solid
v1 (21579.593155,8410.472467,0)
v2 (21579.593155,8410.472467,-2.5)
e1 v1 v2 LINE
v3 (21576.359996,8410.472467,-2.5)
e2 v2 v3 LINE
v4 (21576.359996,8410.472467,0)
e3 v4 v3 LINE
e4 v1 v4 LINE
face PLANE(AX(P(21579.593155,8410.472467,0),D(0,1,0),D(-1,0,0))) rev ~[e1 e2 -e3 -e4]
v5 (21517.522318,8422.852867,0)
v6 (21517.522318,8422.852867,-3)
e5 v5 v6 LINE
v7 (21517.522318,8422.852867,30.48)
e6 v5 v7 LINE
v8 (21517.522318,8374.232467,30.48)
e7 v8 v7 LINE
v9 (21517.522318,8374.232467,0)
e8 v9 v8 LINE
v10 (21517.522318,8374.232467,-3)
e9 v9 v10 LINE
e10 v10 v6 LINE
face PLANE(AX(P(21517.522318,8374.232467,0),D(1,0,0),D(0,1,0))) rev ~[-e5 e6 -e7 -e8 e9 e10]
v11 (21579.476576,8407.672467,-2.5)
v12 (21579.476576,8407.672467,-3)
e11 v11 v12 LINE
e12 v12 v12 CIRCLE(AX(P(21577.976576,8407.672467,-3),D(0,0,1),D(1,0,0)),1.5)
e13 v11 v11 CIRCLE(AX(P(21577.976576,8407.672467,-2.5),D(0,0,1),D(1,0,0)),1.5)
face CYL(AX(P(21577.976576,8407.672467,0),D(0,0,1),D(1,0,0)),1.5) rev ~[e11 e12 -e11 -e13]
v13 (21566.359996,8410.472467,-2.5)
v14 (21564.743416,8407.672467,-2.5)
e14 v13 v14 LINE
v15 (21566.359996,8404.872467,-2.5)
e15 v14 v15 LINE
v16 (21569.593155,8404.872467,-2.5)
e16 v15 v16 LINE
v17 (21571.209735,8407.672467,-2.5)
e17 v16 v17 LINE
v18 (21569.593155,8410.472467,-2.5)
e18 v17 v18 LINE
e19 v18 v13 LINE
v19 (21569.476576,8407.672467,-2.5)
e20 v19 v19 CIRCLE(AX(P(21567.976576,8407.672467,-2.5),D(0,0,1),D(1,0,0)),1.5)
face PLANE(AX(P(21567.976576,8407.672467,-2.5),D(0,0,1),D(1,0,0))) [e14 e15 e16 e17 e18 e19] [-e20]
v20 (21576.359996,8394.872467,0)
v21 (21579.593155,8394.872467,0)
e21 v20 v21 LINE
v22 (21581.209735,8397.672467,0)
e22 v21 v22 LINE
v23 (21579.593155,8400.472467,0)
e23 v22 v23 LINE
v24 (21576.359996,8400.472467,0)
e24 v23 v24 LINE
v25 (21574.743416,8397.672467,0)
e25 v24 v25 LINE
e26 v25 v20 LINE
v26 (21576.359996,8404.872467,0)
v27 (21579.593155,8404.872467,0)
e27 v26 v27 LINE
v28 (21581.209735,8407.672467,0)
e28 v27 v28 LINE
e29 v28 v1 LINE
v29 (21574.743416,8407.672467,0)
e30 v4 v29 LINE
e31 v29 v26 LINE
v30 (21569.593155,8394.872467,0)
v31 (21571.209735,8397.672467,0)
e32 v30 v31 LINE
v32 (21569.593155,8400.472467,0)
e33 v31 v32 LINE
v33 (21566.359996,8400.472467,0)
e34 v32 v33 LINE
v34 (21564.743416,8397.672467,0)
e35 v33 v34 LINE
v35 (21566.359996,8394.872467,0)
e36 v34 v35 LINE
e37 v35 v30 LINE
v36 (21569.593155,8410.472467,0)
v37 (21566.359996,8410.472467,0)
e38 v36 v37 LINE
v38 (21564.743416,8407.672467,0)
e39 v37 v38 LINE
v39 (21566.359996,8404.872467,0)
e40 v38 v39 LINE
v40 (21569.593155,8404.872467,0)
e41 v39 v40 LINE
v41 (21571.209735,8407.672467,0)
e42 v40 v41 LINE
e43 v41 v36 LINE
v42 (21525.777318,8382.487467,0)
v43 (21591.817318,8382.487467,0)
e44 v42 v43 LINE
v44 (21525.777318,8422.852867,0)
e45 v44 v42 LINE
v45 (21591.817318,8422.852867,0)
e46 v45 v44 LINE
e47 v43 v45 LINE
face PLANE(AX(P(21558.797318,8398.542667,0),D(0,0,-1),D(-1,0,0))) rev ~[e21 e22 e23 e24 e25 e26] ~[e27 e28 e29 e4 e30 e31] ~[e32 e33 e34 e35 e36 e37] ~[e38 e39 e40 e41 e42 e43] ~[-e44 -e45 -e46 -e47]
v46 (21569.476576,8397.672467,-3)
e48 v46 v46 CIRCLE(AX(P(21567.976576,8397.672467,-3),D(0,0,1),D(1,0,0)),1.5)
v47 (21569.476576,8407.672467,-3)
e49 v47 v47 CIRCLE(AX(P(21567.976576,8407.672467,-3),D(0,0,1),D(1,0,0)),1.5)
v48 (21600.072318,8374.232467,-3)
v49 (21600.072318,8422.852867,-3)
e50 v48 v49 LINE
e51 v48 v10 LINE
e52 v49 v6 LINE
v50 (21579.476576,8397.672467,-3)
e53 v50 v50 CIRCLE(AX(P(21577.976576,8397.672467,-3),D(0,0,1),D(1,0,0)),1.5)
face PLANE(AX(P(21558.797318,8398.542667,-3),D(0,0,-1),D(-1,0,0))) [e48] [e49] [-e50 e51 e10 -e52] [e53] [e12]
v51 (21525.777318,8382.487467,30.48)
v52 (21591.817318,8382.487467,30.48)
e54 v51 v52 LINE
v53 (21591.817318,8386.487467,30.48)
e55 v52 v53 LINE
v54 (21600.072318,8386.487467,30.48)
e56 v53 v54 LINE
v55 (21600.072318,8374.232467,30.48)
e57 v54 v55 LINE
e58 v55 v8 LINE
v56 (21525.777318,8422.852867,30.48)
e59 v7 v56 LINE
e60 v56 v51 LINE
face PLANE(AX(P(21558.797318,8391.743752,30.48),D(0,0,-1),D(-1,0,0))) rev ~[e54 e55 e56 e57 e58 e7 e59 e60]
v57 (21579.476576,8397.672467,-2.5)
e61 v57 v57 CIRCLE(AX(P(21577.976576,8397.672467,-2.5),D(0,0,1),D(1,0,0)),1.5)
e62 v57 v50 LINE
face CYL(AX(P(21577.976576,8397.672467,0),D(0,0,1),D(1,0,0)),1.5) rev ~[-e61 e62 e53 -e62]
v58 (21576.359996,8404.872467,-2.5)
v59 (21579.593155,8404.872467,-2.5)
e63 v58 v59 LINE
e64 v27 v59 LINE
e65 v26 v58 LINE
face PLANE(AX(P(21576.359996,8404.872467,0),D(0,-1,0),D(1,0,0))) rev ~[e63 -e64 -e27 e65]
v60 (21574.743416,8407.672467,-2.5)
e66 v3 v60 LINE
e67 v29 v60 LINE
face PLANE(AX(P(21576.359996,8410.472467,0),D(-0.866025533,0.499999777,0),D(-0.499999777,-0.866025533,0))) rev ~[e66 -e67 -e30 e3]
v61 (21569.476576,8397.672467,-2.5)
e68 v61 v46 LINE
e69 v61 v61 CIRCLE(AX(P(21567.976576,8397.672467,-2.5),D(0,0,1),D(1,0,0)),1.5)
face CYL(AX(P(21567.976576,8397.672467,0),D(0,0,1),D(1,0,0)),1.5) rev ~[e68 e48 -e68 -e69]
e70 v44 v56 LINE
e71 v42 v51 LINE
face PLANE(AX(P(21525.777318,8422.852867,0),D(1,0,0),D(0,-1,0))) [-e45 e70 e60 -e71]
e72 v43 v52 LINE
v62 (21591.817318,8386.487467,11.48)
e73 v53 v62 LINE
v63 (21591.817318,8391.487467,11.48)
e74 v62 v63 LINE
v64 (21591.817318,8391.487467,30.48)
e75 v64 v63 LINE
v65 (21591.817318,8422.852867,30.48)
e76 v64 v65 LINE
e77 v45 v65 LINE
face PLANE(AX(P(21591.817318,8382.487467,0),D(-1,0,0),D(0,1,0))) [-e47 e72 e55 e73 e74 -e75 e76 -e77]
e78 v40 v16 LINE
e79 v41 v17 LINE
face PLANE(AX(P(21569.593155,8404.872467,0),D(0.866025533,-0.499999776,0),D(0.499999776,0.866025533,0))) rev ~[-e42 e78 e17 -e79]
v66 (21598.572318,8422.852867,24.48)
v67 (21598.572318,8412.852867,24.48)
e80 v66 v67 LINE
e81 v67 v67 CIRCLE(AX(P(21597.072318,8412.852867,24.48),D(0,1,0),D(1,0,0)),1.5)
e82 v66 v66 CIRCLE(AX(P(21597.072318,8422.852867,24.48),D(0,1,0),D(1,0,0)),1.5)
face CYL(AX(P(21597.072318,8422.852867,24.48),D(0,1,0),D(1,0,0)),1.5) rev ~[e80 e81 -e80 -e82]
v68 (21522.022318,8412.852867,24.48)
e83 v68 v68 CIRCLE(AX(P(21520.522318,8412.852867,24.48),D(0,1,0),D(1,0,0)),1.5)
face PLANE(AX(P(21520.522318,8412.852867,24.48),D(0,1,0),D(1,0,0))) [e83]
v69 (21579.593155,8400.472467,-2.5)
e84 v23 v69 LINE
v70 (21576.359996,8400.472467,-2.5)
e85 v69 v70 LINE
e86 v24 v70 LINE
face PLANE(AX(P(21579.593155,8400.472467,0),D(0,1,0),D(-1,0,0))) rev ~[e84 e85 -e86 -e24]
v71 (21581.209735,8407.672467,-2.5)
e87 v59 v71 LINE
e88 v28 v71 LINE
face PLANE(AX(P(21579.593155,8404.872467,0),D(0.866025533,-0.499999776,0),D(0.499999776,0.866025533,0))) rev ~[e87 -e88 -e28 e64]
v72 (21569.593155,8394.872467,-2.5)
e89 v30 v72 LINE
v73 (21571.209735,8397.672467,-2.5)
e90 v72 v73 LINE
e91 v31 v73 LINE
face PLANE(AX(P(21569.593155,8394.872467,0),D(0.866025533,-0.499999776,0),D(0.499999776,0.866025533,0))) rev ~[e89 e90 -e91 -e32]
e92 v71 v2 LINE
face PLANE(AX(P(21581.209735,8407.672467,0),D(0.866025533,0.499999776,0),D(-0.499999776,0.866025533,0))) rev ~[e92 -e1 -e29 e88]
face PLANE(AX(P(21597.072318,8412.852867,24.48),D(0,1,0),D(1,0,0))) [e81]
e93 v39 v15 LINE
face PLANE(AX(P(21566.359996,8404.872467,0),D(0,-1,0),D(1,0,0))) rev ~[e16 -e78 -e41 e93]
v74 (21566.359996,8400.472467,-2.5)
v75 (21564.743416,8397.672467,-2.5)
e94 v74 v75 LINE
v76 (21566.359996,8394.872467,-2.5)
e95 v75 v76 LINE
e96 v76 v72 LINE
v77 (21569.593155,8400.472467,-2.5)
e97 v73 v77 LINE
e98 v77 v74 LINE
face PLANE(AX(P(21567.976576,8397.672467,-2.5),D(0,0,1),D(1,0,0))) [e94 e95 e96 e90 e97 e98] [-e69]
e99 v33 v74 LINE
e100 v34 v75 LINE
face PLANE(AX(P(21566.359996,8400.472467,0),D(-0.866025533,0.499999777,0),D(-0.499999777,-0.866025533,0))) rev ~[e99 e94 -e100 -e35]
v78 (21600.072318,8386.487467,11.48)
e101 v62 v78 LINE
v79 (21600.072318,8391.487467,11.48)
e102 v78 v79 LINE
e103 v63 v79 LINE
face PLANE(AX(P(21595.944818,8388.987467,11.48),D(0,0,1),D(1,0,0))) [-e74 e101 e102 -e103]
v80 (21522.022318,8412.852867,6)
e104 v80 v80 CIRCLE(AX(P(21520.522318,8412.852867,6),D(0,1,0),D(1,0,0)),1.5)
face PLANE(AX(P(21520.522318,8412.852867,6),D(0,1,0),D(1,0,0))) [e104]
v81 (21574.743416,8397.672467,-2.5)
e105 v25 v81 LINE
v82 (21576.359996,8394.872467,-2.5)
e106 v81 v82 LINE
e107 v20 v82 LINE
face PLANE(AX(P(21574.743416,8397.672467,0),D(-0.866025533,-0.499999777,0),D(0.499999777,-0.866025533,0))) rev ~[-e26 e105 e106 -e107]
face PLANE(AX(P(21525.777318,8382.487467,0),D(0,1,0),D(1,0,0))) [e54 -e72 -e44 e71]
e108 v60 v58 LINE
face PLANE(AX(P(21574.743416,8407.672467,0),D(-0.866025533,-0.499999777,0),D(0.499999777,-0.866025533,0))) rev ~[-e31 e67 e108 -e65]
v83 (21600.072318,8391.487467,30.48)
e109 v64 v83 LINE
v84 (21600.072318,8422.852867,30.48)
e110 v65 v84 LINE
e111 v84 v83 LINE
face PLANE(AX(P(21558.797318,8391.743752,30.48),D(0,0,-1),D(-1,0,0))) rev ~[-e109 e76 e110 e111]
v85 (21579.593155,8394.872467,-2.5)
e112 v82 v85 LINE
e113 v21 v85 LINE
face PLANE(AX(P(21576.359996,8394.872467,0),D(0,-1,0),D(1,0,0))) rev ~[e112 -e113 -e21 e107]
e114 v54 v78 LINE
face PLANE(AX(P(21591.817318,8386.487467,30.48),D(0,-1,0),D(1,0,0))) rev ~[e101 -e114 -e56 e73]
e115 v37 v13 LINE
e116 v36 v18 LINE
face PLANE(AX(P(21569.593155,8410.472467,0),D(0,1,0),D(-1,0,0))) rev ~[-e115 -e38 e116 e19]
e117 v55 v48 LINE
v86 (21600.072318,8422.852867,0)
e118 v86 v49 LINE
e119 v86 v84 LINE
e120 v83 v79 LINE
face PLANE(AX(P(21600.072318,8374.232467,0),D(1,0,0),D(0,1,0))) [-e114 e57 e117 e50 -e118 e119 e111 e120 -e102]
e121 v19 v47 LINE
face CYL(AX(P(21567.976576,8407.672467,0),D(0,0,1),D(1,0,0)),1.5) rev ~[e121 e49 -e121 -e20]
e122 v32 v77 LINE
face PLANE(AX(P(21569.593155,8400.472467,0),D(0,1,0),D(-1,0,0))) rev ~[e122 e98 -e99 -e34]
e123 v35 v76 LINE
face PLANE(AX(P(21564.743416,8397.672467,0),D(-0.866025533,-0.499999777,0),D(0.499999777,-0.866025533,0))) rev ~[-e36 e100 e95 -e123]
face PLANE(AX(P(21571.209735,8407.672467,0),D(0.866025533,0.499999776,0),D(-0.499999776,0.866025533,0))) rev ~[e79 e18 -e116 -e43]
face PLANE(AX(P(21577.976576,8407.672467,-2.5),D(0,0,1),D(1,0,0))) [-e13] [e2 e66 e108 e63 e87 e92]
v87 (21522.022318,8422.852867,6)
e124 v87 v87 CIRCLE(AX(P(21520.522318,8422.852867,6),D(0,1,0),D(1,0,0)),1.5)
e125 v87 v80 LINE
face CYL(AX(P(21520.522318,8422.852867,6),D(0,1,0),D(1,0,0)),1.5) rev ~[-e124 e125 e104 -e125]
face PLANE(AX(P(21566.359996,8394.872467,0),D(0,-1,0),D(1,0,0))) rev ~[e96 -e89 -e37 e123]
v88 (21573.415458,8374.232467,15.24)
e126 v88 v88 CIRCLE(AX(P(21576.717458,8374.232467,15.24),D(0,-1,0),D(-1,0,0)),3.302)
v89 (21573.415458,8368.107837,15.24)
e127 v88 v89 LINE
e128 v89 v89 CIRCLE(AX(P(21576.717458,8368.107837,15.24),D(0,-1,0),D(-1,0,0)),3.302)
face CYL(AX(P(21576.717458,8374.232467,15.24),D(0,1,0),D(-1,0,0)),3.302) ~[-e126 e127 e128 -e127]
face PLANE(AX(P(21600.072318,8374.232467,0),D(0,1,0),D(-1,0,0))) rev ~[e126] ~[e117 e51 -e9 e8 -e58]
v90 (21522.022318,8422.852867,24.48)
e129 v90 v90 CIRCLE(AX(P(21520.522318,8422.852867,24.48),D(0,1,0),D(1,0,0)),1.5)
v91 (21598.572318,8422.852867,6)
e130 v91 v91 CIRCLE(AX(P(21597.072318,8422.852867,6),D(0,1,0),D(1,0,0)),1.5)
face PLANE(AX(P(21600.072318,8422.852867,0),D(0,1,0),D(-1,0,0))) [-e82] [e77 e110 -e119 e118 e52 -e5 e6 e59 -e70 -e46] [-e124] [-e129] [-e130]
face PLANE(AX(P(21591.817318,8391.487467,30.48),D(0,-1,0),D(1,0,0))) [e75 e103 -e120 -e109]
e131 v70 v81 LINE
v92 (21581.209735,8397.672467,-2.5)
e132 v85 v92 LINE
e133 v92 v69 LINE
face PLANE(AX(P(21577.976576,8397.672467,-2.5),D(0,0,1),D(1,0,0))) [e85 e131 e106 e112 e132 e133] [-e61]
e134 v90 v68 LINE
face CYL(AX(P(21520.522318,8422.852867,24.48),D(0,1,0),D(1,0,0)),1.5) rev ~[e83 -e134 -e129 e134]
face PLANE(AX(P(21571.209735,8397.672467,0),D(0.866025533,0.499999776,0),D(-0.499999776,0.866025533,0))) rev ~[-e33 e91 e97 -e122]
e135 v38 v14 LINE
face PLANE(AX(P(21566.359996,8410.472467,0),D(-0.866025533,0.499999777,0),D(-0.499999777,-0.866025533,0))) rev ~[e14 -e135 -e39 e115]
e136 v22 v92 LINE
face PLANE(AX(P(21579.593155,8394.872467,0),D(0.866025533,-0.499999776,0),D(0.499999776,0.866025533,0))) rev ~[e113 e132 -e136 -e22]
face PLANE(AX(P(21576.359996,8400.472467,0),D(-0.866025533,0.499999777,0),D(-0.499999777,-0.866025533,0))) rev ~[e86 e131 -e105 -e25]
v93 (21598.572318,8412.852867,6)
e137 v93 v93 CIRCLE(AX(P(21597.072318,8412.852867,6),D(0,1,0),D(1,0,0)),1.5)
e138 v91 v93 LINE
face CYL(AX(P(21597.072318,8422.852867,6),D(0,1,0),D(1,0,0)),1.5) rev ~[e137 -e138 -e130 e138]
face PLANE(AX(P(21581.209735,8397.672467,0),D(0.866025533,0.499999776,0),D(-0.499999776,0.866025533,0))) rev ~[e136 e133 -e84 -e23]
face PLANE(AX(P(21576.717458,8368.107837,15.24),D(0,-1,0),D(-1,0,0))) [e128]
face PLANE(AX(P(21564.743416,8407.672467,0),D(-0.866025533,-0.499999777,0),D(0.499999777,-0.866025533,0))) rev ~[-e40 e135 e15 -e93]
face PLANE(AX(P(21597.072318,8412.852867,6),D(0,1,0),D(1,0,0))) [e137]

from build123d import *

# Parameters (mm, degrees)
EXTRUDE_1_DEPTH     = 30.48
SKETCH_4_R          = 3.302
EXTRUDE_2_DEPTH     = 6.12463
SKETCH_5_W          = 82.55
SKETCH_5_H          = 48.620400001
EXTRUDE_3_DEPTH     = 3
SKETCH_6_R          = 1.5
CUT_EXTRUDE_1_DEPTH = 3
SKETCH_7_R          = 1.5
CUT_EXTRUDE_2_DEPTH = 2.5
SKETCH_8_R          = 1.5
CUT_EXTRUDE_3_DEPTH = 10
SKETCH_9_W          = 8.255
SKETCH_9_H          = 5
CUT_EXTRUDE_4_DEPTH = 19


with BuildPart() as part:
    # 스케치3 → 보스-돌출1 (new body)
    with BuildSketch(Plane.XY):
        Polygon((21517.522317655, 8422.852866974), (21525.777317655, 8422.852866974), (21525.777317655, 8382.487466973), (21591.817317655, 8382.487466973), (21591.817317655, 8422.852866974), (21600.072317655, 8422.852866974), (21600.072317655, 8374.232466973), (21517.522317655, 8374.232466973), align=None)
    extrude(amount=EXTRUDE_1_DEPTH)

    # 스케치4 → 보스-돌출2 (add)
    with BuildSketch(Plane(origin=(0, 8374.232466973, 0), x_dir=(-1, 0, 0), z_dir=(0, -1, 0))):
        with Locations((-21576.717457655, -15.24)):
            Circle(SKETCH_4_R)
    extrude(amount=EXTRUDE_2_DEPTH)

    # 스케치5 → 보스-돌출3 (add)
    with BuildSketch(Plane(origin=(0, 0, 0), x_dir=(-1, 0, 0), z_dir=(0, 0, -1))):
        with Locations((-21558.797317655, 8398.542666974)):
            Rectangle(SKETCH_5_W, SKETCH_5_H)
    extrude(amount=EXTRUDE_3_DEPTH)

    # 스케치6 → 컷-돌출1 (cut)
    with BuildSketch(Plane.XY):
        with Locations((21577.97657564, 8407.672466973)):
            Circle(SKETCH_6_R)
        with Locations((21567.97657564, 8407.672466973)):
            Circle(SKETCH_6_R)
        with Locations((21567.97657564, 8397.672466973)):
            Circle(SKETCH_6_R)
        with Locations((21577.97657564, 8397.672466973)):
            Circle(SKETCH_6_R)
    extrude(amount=-CUT_EXTRUDE_1_DEPTH, mode=Mode.SUBTRACT)

    # 스케치7 → 컷-돌출2 (cut)
    with BuildSketch(Plane.XY):
        Polygon((21569.593155483, 8410.472467064), (21566.359995798, 8410.472467064), (21564.743415955, 8407.672466973), (21566.359995798, 8404.872466883), (21569.593155483, 8404.872466883), (21571.209735325, 8407.672466973), align=None)
        with Locations((21567.97657564, 8407.672466973)):
            Circle(SKETCH_7_R, mode=Mode.SUBTRACT)
        Polygon((21569.593155483, 8400.472467064), (21566.359995798, 8400.472467064), (21564.743415955, 8397.672466973), (21566.359995798, 8394.872466883), (21569.593155483, 8394.872466883), (21571.209735325, 8397.672466973), align=None)
        with Locations((21567.97657564, 8397.672466973)):
            Circle(SKETCH_7_R, mode=Mode.SUBTRACT)
        Polygon((21579.593155483, 8400.472467064), (21576.359995798, 8400.472467064), (21574.743415955, 8397.672466973), (21576.359995798, 8394.872466883), (21579.593155483, 8394.872466883), (21581.209735325, 8397.672466973), align=None)
        with Locations((21577.97657564, 8397.672466973)):
            Circle(SKETCH_7_R, mode=Mode.SUBTRACT)
        Polygon((21579.593155483, 8410.472467064), (21576.359995798, 8410.472467064), (21574.743415955, 8407.672466973), (21576.359995798, 8404.872466883), (21579.593155483, 8404.872466883), (21581.209735325, 8407.672466973), align=None)
        with Locations((21577.97657564, 8407.672466973)):
            Circle(SKETCH_7_R, mode=Mode.SUBTRACT)
    extrude(amount=-CUT_EXTRUDE_2_DEPTH, mode=Mode.SUBTRACT)

    # 스케치8 → 컷-돌출3 (cut)
    with BuildSketch(Plane(origin=(0, 8422.852866974, 0), x_dir=(1, 0, 0), z_dir=(0, 1, 0))):
        with Locations((21597.072317655, -6)):
            Circle(SKETCH_8_R)
        with Locations((21597.072317655, -24.48)):
            Circle(SKETCH_8_R)
        with Locations((21520.522317655, -24.48)):
            Circle(SKETCH_8_R)
        with Locations((21520.522317655, -6)):
            Circle(SKETCH_8_R)
    extrude(amount=-CUT_EXTRUDE_3_DEPTH, mode=Mode.SUBTRACT)

    # 스케치9 → 컷-돌출4 (cut)
    with BuildSketch(Plane.XY.offset(30.48)):
        with Locations((21595.944817655, 8388.987466973)):
            Rectangle(SKETCH_9_W, SKETCH_9_H)
    extrude(amount=-CUT_EXTRUDE_4_DEPTH, mode=Mode.SUBTRACT)


solid = part.part
